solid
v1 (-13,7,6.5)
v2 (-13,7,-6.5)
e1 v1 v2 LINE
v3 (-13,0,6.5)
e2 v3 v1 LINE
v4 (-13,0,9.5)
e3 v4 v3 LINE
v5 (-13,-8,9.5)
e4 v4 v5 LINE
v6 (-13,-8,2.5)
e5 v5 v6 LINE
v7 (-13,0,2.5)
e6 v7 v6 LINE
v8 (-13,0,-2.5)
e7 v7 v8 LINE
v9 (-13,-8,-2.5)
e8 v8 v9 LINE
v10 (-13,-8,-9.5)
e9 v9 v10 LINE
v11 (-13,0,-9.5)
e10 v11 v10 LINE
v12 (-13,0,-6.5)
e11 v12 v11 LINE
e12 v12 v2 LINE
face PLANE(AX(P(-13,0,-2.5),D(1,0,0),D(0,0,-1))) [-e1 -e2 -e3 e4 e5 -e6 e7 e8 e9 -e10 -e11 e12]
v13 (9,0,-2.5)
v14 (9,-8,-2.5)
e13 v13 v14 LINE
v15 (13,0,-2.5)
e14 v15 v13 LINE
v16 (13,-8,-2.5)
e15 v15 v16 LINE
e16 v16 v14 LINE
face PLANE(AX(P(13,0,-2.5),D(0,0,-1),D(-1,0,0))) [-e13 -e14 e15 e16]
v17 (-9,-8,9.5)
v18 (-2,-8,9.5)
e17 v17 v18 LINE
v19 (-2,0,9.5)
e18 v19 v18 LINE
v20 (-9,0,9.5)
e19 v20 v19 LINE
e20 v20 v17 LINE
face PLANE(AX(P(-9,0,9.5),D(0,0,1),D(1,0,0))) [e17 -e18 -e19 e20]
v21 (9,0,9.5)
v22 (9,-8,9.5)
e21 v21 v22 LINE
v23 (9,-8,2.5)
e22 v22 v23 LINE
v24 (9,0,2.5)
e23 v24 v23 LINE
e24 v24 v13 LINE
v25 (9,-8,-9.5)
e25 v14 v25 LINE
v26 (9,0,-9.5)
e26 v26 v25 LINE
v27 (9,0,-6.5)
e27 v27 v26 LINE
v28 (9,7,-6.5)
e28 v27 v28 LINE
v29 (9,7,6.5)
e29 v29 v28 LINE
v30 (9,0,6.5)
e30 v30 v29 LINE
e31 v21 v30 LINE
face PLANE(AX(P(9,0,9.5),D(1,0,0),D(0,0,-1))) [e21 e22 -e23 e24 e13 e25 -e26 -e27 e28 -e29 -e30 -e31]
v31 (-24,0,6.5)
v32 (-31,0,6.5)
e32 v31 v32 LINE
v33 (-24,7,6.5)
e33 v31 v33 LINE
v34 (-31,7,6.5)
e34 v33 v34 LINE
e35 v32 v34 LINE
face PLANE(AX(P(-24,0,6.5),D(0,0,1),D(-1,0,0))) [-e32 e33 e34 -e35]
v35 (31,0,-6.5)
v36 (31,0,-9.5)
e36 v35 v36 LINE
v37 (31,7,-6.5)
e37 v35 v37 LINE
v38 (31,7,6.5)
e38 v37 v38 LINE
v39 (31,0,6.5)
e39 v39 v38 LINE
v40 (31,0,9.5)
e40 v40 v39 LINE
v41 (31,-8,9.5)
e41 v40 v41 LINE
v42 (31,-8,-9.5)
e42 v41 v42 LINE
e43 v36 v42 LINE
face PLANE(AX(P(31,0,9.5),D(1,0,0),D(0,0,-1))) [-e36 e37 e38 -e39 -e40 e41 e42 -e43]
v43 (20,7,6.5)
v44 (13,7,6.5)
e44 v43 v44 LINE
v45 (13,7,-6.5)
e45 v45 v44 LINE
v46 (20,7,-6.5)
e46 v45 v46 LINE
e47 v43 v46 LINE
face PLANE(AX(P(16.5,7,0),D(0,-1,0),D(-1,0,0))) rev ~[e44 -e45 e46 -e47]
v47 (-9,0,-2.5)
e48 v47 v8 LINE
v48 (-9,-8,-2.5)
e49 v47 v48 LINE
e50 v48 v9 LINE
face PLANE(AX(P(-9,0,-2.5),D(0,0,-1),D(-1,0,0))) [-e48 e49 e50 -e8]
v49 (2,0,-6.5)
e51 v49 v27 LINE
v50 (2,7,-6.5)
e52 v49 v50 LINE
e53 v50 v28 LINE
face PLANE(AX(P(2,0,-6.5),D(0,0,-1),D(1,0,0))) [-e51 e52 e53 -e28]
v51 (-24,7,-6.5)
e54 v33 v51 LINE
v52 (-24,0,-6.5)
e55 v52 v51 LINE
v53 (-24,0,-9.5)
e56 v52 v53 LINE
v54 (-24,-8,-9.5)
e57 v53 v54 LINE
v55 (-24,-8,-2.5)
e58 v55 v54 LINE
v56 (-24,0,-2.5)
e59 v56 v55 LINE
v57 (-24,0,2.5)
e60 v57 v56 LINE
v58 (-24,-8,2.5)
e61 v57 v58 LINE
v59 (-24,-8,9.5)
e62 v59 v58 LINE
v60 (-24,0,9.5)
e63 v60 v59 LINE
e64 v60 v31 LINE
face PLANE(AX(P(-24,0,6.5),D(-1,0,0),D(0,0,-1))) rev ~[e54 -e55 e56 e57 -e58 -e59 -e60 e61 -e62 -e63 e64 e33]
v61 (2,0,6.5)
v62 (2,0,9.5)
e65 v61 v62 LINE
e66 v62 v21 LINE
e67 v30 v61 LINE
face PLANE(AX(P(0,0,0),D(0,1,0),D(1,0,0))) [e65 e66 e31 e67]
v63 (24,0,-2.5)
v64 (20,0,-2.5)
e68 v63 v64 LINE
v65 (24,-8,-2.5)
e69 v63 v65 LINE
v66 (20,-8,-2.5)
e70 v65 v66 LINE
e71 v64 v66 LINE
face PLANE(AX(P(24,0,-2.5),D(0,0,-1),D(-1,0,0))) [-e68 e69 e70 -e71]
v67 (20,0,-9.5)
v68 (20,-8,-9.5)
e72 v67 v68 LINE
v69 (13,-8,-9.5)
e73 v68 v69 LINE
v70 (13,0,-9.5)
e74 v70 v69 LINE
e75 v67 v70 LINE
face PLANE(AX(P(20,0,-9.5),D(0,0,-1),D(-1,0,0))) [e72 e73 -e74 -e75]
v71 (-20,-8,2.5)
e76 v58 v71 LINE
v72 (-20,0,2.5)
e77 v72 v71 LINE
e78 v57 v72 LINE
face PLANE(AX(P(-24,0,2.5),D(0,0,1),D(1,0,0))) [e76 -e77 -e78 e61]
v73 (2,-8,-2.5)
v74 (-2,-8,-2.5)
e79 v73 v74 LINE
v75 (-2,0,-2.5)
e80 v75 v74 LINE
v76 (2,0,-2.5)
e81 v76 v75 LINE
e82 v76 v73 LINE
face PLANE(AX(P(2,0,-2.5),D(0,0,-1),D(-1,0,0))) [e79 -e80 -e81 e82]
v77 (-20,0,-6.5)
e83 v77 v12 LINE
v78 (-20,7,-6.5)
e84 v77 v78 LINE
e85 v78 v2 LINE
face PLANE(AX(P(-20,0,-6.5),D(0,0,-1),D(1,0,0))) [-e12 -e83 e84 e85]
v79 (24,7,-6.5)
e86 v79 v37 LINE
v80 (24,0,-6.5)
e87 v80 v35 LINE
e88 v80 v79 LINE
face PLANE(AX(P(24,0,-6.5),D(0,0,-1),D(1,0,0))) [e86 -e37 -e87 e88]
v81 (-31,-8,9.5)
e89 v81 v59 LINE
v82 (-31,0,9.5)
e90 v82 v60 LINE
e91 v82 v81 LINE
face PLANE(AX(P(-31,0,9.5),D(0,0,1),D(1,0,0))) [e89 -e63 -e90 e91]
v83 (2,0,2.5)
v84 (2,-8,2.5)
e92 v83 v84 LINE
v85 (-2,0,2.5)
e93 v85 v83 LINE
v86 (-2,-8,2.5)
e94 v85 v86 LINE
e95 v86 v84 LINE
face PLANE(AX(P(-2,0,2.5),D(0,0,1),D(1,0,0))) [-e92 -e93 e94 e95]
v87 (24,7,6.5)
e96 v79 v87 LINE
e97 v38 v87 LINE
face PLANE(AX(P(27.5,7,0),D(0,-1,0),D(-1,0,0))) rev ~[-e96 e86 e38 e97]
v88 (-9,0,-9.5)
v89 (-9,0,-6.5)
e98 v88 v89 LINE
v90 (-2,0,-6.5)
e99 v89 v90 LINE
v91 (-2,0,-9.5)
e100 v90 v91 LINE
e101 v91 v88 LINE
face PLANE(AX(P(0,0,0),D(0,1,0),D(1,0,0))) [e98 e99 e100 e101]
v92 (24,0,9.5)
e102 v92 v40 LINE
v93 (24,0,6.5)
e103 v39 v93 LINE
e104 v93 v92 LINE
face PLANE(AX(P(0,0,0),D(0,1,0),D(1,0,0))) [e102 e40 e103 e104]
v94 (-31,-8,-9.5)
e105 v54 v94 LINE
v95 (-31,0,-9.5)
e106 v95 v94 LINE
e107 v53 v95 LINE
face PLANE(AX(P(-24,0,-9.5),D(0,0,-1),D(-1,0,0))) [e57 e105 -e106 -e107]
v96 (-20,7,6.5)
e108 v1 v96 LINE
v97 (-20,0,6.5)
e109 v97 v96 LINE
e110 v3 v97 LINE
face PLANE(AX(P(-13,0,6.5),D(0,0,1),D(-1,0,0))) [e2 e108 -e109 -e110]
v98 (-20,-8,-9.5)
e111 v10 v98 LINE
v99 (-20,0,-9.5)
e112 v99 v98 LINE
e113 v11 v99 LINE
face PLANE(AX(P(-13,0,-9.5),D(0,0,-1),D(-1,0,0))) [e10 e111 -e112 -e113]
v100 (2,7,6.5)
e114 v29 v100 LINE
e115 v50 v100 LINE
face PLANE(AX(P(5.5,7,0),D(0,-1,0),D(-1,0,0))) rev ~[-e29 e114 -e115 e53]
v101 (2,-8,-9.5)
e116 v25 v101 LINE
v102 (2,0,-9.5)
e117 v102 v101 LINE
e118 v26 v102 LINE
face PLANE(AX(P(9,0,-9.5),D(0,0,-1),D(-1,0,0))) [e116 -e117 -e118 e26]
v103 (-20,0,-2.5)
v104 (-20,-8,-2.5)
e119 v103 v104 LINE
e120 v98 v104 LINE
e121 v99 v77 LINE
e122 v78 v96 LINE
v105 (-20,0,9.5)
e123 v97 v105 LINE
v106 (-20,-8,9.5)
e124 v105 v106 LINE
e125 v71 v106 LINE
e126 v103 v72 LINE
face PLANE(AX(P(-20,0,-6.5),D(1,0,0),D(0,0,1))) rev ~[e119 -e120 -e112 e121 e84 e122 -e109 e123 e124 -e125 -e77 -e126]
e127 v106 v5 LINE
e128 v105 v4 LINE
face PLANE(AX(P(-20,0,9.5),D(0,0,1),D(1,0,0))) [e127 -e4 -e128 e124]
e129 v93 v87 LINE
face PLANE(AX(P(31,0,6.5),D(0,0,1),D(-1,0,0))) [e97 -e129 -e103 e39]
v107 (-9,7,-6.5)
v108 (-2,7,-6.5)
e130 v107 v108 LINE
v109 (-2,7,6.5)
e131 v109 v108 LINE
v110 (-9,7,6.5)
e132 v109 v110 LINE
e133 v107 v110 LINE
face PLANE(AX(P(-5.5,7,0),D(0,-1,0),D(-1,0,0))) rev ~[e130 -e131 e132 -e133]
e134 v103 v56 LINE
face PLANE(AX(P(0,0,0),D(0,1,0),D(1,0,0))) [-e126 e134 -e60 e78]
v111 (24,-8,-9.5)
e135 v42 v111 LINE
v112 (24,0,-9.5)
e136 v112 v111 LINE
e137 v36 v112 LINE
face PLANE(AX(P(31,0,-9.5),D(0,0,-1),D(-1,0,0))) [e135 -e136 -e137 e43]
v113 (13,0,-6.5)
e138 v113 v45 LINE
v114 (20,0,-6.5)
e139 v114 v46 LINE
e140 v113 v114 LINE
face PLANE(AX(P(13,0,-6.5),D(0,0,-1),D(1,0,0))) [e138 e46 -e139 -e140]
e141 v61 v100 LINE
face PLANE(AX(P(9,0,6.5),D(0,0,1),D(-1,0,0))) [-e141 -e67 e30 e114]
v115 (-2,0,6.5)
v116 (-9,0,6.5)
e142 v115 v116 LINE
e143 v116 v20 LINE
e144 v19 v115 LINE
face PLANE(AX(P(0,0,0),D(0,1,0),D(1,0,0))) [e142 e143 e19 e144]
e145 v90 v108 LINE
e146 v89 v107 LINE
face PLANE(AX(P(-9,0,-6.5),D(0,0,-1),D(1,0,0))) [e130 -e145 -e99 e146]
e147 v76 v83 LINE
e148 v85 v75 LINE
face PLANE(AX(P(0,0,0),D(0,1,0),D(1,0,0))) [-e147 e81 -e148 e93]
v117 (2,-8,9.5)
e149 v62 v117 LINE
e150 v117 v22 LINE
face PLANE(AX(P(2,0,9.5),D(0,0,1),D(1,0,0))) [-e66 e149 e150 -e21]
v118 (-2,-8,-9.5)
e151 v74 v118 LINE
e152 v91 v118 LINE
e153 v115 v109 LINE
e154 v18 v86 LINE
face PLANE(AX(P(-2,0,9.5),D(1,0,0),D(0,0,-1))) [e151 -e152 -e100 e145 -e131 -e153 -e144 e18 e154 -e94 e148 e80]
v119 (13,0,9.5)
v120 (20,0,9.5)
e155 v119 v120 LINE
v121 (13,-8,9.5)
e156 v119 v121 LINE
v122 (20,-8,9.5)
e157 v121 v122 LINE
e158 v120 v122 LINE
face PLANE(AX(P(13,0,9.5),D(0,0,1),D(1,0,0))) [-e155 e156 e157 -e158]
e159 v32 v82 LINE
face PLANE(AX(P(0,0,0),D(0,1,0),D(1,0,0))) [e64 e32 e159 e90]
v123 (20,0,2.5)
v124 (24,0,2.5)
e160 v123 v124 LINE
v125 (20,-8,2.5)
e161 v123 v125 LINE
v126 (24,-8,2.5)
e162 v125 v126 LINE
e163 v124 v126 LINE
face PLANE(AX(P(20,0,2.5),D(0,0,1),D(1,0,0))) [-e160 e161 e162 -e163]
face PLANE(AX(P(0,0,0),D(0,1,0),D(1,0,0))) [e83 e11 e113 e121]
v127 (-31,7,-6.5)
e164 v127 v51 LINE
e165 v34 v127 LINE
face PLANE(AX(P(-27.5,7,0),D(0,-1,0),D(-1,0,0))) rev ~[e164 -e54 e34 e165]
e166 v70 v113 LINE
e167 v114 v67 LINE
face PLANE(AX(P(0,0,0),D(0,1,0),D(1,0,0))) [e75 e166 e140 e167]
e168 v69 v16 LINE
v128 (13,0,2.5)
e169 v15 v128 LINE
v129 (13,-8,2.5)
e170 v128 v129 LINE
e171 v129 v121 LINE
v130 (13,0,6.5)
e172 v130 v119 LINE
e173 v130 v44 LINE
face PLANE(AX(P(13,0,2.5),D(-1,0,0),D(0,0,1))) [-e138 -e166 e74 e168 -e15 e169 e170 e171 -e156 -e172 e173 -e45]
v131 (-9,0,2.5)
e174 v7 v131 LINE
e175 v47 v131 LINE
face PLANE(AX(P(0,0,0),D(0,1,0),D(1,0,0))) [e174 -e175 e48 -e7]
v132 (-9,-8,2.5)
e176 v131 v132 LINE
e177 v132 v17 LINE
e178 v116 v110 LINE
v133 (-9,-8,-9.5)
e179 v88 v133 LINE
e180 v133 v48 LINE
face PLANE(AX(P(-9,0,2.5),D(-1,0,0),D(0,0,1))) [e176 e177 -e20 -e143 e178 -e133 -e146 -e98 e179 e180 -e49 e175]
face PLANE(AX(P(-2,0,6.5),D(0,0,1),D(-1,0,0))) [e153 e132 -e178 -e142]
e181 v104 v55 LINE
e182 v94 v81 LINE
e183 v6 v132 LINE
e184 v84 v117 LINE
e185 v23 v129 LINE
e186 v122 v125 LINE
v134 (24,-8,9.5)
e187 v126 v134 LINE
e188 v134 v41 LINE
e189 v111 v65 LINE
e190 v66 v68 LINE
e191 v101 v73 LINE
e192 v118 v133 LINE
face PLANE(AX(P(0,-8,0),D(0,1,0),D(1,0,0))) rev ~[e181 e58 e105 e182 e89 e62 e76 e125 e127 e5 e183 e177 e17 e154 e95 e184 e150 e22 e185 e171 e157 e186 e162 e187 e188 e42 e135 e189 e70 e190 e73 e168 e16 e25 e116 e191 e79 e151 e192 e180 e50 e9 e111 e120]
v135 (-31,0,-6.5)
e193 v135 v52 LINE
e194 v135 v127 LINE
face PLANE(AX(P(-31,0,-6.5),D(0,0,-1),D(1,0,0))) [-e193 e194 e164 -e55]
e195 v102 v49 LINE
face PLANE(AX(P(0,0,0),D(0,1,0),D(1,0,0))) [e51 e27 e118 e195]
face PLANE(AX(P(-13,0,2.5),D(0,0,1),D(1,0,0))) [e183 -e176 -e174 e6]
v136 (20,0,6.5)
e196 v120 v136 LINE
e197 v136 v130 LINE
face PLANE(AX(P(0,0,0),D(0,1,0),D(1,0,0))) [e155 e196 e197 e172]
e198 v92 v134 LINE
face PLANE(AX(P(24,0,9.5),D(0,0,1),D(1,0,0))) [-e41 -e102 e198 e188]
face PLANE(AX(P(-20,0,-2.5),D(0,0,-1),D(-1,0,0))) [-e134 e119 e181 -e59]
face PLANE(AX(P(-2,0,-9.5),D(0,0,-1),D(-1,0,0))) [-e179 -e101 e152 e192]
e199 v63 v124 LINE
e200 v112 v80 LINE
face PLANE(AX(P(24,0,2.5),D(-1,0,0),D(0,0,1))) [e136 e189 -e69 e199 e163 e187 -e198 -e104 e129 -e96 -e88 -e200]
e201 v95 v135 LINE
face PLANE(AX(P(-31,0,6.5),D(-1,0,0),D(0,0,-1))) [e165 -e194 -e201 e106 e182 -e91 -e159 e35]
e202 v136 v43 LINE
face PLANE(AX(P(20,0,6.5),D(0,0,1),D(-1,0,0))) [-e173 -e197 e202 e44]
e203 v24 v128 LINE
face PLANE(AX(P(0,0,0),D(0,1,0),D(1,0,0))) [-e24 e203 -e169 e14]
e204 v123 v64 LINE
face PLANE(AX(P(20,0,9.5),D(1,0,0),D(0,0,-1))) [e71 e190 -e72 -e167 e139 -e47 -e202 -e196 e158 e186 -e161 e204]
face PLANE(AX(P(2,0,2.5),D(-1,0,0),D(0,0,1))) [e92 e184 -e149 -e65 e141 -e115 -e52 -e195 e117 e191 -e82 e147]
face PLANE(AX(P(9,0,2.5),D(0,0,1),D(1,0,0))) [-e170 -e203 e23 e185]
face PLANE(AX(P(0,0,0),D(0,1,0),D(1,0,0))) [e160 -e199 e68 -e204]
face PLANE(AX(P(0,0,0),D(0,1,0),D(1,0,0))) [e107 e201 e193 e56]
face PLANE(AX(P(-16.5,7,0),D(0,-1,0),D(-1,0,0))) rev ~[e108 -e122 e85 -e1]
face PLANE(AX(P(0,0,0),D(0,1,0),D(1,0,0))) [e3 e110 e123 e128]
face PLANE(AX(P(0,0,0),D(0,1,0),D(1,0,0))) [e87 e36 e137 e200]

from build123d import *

# Parameters (mm, degrees)
BOSS_EXTRUDE1_DEPTH = 8
BOSS_EXTRUDE2_DEPTH = 7


with BuildPart() as part:
    # Sketch1 → Boss-Extrude1 (new body)
    with BuildSketch(Plane(origin=(0, 0, 0), x_dir=(1, 0, 0), z_dir=(0, 1, 0))):
        Polygon((-13, 2.5), (-13, 9.5), (-20, 9.5), (-20, 2.5), (-24, 2.5), (-24, 9.5), (-31, 9.5), (-31, -9.5), (-24, -9.5), (-24, -2.5), (-20, -2.5), (-20, -9.5), (-13, -9.5), (-13, -2.5), (-9, -2.5), (-9, -9.5), (-2, -9.5), (-2, -2.5), (2, -2.5), (2, -9.5), (9, -9.5), (9, -2.5), (13, -2.5), (13, -9.5), (20, -9.5), (20, -2.5), (24, -2.5), (24, -9.5), (31, -9.5), (31, 9.5), (24, 9.5), (24, 2.5), (20, 2.5), (20, 9.5), (13, 9.5), (13, 2.5), (9, 2.5), (9, 9.5), (2, 9.5), (2, 2.5), (-2, 2.5), (-2, 9.5), (-9, 9.5), (-9, 2.5), align=None)
    extrude(amount=-BOSS_EXTRUDE1_DEPTH)

    # Sketch2 → Boss-Extrude2 (add)
    with BuildSketch(Plane(origin=(0, 0, 0), x_dir=(1, 0, 0), z_dir=(0, 1, 0))):
        Polygon((-31, 6.5), (-24, 6.5), (-24, 2.5), (-24, -2.5), (-24, -6.5), (-31, -6.5), align=None)
        Polygon((-20, 6.5), (-13, 6.5), (-13, 2.5), (-13, -2.5), (-13, -6.5), (-20, -6.5), (-20, -2.5), (-20, 2.5), align=None)
        Polygon((-9, 6.5), (-2, 6.5), (-2, 2.5), (-2, -2.5), (-2, -6.5), (-9, -6.5), (-9, -2.5), (-9, 2.5), align=None)
        Polygon((2, 6.5), (9, 6.5), (9, 2.5), (9, -2.5), (9, -6.5), (2, -6.5), (2, -2.5), (2, 2.5), align=None)
        Polygon((13, 6.5), (20, 6.5), (20, 2.5), (20, -2.5), (20, -6.5), (13, -6.5), (13, -2.5), (13, 2.5), align=None)
        Polygon((24, 6.5), (31, 6.5), (31, -6.5), (24, -6.5), (24, -2.5), (24, 2.5), align=None)
    extrude(amount=BOSS_EXTRUDE2_DEPTH)


solid = part.part
